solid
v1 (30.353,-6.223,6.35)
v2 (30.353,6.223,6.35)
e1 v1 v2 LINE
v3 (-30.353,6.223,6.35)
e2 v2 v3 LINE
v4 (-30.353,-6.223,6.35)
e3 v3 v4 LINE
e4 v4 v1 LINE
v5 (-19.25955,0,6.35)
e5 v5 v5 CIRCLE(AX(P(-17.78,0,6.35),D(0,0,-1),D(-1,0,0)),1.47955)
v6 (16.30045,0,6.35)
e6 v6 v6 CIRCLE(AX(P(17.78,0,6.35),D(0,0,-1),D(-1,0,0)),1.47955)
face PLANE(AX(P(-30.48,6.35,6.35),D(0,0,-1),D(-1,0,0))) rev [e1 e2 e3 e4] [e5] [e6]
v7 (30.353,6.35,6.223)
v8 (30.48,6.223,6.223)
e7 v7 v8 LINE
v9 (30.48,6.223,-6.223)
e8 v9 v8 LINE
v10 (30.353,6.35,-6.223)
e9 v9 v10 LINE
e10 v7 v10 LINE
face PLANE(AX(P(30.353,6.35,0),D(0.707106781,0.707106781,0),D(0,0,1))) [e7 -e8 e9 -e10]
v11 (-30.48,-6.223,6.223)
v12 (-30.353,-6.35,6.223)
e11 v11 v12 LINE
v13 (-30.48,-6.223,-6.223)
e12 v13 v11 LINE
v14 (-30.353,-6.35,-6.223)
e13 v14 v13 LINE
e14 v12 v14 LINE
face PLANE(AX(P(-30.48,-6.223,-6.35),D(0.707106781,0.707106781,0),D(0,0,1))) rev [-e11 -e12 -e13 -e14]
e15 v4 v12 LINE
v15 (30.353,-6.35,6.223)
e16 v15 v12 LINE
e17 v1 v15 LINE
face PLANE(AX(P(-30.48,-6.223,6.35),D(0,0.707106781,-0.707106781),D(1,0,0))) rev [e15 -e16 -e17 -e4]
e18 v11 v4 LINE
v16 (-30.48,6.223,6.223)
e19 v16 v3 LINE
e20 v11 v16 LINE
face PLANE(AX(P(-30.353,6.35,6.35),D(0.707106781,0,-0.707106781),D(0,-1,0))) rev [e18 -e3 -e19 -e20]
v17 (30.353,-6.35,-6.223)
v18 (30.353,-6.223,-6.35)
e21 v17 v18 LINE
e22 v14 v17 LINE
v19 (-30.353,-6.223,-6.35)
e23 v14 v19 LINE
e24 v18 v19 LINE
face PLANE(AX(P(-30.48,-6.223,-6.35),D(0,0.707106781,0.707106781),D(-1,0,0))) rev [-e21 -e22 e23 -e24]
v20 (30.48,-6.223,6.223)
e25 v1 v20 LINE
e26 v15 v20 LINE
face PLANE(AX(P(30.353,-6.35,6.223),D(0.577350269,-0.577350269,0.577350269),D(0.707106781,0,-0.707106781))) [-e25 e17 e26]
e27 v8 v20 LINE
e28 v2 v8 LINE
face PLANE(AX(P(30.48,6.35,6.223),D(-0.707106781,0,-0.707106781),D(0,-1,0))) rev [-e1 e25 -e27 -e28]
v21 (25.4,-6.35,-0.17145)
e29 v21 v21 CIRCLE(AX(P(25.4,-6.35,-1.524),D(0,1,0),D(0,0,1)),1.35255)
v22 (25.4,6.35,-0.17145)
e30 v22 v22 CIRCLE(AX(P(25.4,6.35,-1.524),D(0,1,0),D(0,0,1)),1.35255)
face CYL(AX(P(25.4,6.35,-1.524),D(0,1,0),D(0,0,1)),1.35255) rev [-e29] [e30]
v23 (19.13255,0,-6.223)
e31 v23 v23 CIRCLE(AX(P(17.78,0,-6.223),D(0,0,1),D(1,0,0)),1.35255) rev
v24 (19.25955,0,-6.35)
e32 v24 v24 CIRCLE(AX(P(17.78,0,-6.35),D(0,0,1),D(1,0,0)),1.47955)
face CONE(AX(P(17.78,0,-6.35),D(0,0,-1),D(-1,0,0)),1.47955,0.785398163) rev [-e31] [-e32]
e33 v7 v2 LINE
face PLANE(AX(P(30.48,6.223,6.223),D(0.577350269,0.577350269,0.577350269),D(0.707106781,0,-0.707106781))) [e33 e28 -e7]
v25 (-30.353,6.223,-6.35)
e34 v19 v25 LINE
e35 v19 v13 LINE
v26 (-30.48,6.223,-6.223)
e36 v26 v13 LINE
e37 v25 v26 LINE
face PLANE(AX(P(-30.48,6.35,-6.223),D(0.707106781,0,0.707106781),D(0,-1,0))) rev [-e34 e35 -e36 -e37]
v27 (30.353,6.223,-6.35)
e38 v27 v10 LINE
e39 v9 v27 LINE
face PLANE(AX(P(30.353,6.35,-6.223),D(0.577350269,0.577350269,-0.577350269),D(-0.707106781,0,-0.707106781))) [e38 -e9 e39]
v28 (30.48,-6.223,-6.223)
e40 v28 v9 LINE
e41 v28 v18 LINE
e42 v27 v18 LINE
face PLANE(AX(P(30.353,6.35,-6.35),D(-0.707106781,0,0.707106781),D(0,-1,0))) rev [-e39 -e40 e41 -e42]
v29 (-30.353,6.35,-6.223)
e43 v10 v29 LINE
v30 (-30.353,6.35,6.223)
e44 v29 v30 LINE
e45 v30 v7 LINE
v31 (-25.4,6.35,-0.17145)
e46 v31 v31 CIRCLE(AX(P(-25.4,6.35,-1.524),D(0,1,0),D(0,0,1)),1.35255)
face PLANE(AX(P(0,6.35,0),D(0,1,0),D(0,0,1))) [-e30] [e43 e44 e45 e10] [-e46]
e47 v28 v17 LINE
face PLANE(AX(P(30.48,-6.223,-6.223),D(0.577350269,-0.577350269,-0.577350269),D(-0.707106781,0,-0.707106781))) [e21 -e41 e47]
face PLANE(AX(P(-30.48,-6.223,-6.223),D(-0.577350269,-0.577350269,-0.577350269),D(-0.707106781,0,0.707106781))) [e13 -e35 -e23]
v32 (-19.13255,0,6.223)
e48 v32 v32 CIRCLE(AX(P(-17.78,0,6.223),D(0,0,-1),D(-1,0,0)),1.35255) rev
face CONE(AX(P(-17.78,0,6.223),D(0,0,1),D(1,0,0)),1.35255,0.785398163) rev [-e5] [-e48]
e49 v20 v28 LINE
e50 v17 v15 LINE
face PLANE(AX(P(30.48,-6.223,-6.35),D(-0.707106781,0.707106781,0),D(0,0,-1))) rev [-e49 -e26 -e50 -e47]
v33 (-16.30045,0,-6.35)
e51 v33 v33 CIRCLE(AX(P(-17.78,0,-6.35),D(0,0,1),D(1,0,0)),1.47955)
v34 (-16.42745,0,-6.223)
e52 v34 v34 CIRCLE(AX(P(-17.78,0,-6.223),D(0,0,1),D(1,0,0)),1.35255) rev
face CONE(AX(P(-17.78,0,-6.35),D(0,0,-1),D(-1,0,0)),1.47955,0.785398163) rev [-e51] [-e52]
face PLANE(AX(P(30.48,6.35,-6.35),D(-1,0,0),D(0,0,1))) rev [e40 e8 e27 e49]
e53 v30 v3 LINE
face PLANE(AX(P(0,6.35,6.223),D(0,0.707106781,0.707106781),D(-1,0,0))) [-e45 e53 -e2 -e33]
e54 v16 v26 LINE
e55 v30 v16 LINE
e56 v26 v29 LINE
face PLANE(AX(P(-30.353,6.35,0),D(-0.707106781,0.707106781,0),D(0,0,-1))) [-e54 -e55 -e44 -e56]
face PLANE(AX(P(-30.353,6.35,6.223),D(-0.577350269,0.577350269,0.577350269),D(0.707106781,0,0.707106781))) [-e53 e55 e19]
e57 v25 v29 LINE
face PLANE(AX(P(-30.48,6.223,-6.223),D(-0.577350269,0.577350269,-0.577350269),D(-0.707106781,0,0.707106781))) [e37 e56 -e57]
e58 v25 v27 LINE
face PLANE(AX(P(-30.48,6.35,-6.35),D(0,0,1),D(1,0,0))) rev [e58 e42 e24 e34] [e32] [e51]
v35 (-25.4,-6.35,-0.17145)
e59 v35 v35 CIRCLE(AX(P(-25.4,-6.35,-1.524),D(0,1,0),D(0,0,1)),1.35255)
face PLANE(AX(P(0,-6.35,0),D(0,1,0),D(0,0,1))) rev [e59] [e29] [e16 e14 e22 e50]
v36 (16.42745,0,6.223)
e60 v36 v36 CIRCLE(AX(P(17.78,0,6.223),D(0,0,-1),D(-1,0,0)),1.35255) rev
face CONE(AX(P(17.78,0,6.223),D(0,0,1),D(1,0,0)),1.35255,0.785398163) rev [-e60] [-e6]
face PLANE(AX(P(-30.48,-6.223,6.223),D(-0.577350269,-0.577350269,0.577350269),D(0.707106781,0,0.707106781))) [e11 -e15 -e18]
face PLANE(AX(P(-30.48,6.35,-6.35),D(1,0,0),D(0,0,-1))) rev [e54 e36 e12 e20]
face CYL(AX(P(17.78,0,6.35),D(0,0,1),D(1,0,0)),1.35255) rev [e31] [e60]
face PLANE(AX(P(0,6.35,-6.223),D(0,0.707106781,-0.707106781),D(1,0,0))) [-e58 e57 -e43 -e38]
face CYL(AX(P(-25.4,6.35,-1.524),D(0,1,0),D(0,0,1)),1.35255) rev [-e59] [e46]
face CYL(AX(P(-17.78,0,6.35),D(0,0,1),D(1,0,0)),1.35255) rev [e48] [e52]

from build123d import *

# Parameters (mm, degrees)
SKETCH1_W             = 60.96
SKETCH1_H             = 12.7
BOSS_EXTRUDE1_DEPTH   = 6.35
F_6_32_TAPPED_HOLE1_D = 2.7051
F_6_32_TAPPED_HOLE2_D = 2.7051
CHAMFER1_SIZE         = 0.127


with BuildPart() as part:
    # Sketch1 → Boss-Extrude1 (new body, symmetric)
    with BuildSketch(Plane(origin=(0, 0, 0), x_dir=(1, 0, 0), z_dir=(0, 1, 0))):
        Rectangle(SKETCH1_W, SKETCH1_H)
    extrude(amount=BOSS_EXTRUDE1_DEPTH, both=True)

    # #6-32 Tapped Hole1 (through all)
    with Locations(Plane(origin=(0, 6.35, 0), x_dir=(1, 0, 0), z_dir=(0, 1, 0))):
        with Locations((-25.4, 1.524), (25.4, 1.524)):
            Hole(F_6_32_TAPPED_HOLE1_D / 2)

    # #6-32 Tapped Hole2 (through all)
    with Locations(Plane.XY.offset(6.35)):
        with Locations((-17.78, 0), (17.78, 0)):
            Hole(F_6_32_TAPPED_HOLE2_D / 2)

    # Chamfer1
    chamfer1_edges = [part.edges().sort_by_distance(p)[0] for p in [
        (-30.48, 6.35, 0),
        (0, 6.35, 6.35),
        (19.13255, 0, 6.35),
        (19.13255, 0, -6.35),
        (-16.42745, 0, 6.35),
        (-16.42745, 0, -6.35),
        (30.48, 6.35, 0),
        (0, -6.35, 6.35),
        (-30.48, -6.35, 0),
        (0, -6.35, -6.35),
        (30.48, -6.35, 0),
        (0, 6.35, -6.35),
        (30.48, 0, 6.35),
        (-30.48, 0, 6.35),
        (-30.48, 0, -6.35),
        (30.48, 0, -6.35),
    ]]
    chamfer(chamfer1_edges, length=CHAMFER1_SIZE)


solid = part.part
